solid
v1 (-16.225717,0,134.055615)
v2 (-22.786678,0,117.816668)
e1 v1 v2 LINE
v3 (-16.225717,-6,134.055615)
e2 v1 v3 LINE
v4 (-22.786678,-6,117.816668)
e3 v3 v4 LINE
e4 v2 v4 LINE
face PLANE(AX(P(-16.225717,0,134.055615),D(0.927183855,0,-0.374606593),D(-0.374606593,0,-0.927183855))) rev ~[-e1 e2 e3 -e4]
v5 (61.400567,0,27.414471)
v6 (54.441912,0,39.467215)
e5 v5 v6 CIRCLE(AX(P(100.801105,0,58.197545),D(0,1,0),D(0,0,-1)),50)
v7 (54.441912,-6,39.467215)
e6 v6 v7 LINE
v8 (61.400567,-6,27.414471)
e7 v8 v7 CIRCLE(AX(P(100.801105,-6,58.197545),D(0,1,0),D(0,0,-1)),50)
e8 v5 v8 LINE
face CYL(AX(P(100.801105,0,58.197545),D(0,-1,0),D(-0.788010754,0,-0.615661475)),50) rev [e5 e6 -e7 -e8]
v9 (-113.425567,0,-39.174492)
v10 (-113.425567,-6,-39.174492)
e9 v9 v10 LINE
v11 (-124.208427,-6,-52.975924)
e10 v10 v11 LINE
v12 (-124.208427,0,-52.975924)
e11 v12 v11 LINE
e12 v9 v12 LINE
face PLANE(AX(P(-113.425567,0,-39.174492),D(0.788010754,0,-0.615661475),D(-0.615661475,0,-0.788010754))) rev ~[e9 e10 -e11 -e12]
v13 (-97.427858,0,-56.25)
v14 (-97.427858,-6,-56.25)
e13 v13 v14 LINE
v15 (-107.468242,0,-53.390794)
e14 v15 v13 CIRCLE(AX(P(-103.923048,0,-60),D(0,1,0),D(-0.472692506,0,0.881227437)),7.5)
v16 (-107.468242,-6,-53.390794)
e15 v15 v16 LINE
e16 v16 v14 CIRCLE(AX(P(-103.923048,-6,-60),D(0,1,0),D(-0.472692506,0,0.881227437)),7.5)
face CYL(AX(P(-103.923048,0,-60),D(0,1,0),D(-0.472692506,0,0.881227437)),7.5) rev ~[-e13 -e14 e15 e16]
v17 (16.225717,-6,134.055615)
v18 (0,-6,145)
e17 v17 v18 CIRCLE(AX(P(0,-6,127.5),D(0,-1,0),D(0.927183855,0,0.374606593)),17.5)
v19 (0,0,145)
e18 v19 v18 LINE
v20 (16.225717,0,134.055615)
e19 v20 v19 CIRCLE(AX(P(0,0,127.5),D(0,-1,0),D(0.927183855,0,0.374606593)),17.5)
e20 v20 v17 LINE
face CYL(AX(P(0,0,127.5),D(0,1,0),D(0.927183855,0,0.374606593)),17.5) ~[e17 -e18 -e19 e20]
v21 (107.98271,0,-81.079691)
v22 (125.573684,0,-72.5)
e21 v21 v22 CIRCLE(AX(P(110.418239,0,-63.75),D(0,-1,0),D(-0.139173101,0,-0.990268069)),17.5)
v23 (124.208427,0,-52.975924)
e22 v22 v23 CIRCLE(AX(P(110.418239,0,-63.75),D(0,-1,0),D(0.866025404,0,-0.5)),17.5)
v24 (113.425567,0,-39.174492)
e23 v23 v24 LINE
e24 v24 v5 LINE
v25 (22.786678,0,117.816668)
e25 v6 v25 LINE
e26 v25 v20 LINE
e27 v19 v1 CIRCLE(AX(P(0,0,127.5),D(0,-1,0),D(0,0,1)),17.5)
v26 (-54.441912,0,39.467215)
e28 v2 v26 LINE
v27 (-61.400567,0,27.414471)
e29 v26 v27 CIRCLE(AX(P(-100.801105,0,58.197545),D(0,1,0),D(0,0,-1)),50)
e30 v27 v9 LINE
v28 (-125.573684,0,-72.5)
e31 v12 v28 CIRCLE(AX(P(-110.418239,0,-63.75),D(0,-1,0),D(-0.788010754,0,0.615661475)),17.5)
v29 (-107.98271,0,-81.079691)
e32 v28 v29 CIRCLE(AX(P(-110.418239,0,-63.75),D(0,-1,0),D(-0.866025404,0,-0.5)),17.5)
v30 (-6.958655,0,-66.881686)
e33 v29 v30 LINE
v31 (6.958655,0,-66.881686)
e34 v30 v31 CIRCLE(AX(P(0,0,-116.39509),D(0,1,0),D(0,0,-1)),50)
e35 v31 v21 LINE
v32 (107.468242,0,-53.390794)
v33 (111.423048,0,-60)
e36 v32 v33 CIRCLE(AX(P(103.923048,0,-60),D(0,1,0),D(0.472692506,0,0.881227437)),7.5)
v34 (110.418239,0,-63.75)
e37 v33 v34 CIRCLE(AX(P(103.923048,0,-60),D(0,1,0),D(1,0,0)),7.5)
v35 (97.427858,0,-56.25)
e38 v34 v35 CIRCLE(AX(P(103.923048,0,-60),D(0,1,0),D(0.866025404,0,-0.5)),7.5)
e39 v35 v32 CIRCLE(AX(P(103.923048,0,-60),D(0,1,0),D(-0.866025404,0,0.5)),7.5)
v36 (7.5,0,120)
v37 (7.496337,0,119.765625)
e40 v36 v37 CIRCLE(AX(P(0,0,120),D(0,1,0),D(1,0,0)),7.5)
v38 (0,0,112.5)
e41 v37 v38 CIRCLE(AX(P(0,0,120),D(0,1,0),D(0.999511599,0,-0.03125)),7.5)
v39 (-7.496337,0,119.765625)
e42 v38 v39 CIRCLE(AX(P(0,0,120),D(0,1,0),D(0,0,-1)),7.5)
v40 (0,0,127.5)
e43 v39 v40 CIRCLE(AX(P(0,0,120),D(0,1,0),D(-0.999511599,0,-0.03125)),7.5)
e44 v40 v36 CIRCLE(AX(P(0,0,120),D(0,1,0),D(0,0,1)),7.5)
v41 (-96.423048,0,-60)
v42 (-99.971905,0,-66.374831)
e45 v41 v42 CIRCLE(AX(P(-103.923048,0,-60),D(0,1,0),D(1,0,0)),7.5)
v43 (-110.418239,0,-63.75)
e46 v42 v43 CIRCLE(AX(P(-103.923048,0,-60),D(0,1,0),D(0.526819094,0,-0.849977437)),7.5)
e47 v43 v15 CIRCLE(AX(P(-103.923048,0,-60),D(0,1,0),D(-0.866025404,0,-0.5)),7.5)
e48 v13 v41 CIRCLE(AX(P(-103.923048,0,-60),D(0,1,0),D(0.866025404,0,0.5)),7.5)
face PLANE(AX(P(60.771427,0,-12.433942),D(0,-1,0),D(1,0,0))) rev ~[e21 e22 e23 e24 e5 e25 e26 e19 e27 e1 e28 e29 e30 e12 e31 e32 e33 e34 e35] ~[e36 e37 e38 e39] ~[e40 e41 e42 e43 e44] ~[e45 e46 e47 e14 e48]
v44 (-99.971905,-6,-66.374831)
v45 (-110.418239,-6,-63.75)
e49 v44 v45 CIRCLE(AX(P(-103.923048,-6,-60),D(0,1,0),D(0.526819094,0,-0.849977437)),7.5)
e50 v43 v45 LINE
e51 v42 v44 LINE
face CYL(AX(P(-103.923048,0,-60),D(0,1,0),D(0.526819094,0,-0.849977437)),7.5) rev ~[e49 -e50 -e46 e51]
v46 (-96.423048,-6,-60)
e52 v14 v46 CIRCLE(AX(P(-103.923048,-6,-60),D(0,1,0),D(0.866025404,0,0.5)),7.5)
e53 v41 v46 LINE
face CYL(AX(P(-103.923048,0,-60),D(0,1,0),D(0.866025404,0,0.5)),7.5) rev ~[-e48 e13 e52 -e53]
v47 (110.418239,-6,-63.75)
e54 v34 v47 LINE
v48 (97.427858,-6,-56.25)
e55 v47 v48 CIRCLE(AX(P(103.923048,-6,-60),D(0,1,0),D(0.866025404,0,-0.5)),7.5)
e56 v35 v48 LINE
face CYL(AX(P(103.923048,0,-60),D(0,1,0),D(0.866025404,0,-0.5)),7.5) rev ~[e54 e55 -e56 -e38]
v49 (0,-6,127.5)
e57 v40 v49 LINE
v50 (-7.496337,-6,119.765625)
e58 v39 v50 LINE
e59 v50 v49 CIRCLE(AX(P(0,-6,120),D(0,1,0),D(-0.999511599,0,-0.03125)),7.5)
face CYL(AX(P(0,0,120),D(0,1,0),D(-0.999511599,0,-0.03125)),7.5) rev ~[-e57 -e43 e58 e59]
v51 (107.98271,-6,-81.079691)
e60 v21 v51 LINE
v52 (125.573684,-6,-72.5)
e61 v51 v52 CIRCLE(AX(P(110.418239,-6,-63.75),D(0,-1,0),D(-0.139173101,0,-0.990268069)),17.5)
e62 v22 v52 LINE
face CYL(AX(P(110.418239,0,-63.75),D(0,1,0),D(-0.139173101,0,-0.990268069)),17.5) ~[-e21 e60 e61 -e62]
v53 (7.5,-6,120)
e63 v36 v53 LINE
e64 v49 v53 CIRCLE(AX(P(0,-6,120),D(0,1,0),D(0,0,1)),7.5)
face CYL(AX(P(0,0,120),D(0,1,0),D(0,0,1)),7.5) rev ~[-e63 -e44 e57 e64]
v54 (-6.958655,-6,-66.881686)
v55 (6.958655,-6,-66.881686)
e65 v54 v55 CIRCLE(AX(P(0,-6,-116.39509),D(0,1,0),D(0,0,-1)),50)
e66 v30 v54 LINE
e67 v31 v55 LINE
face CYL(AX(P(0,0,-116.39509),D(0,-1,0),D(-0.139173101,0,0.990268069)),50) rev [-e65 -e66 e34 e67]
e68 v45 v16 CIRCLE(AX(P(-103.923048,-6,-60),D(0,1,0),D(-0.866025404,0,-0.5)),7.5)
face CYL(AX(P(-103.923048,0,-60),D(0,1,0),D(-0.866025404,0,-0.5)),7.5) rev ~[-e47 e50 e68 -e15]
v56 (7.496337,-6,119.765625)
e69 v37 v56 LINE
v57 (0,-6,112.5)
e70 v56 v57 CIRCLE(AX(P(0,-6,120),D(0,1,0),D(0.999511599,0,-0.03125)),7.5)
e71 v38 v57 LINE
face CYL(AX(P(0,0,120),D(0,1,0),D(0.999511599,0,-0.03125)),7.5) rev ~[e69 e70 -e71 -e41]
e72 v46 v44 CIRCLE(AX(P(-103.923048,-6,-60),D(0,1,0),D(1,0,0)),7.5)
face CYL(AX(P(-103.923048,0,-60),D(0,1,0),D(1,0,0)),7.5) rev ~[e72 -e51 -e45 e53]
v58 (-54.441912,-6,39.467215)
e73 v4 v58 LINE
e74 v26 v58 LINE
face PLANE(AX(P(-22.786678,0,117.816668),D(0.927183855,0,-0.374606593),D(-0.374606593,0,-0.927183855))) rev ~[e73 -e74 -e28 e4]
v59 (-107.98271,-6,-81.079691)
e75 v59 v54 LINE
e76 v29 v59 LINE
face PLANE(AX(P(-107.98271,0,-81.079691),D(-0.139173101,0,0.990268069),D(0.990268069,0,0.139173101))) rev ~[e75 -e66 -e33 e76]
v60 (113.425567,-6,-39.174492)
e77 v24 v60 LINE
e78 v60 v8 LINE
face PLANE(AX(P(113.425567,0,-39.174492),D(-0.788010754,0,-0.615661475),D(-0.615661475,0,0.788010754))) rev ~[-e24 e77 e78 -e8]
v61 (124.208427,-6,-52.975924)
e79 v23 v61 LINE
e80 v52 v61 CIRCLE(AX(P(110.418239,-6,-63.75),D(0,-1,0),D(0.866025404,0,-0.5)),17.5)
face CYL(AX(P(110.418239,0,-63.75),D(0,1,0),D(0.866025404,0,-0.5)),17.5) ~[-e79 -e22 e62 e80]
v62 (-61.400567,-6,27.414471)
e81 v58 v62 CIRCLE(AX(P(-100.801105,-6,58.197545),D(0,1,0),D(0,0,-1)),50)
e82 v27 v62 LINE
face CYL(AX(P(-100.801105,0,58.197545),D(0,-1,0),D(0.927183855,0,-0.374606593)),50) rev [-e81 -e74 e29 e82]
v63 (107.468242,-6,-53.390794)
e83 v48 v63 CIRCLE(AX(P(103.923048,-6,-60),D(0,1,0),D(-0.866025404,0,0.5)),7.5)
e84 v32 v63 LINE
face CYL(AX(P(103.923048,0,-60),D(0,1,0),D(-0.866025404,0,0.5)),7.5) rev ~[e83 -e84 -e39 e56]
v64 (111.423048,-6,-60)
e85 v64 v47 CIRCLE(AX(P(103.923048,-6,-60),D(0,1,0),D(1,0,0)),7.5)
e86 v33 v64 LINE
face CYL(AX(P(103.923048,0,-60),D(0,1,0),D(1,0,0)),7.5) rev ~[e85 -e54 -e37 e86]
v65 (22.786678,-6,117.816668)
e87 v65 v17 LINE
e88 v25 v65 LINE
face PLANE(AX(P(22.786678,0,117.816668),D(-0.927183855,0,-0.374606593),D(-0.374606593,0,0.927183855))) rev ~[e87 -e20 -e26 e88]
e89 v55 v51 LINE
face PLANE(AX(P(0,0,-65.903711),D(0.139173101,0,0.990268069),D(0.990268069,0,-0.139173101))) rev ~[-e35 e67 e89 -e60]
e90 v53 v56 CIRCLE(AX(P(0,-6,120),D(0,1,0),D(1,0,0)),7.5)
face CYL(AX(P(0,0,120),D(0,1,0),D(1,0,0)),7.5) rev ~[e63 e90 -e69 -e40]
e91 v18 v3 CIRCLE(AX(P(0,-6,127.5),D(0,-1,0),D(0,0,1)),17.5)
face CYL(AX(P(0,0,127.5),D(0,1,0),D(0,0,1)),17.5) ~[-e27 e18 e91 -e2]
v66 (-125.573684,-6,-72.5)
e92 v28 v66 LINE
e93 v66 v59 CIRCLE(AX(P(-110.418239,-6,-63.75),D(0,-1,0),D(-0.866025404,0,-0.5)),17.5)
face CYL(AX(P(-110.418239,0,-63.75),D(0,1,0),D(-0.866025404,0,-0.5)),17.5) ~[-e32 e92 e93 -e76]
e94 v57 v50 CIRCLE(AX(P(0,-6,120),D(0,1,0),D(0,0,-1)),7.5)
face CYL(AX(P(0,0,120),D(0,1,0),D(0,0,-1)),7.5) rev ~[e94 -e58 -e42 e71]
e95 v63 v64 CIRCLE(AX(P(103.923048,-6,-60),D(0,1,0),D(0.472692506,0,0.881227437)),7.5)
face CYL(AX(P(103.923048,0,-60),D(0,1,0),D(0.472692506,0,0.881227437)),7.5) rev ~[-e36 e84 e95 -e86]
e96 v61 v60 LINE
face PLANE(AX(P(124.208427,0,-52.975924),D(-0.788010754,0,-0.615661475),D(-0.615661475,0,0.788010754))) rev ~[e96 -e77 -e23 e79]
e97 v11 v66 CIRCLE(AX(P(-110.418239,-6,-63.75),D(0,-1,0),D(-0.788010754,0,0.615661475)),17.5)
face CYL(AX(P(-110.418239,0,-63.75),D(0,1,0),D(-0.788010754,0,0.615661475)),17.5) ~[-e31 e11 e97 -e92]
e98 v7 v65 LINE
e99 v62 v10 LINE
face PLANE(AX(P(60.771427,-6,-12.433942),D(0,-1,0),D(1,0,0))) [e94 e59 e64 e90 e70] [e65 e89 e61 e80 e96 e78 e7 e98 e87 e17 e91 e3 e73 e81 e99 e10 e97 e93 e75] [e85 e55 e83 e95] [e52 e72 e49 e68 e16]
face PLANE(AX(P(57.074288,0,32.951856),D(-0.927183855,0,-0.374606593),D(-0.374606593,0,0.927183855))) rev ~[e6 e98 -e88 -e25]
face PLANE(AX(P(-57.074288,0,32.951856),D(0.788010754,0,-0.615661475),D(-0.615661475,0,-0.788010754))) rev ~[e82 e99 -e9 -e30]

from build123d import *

# Parameters (mm, degrees)
F1_DEPTH = 6
F2_R     = 50
F3_R     = 50
F4_R     = 50


with BuildPart() as f1:
    # F0 (on Front) → F1 (new body)
    with BuildSketch(Plane.XZ):
        with BuildLine():
            ThreePointArc((107.4682422482, -53.390794226), (110.6754015758, -46.378394604), (113.4255666495, -39.1744920866))
            Line((113.4255666495, -39.1744920866), (57.0742879696, 32.9518555231))
            Line((57.0742879696, 32.9518555231), (0, 0))
            Line((0, 0), (97.4278579257, -56.25))
            ThreePointArc((97.4278579257, -56.25), (101.8689343878, -52.7867749652), (107.4682422482, -53.390794226))
        make_face()
        with BuildLine():
            Line((110.4182389825, -63.75), (125.5736835487, -72.5))
            ThreePointArc((125.5736835487, -72.5), (127.8756098621, -62.5292617095), (124.2084271706, -52.9759241818))
            Line((124.2084271706, -52.9759241818), (113.4255666495, -39.1744920866))
            ThreePointArc((113.4255666495, -39.1744920866), (110.6754015758, -46.378394604), (107.4682422482, -53.390794226))
            ThreePointArc((107.4682422482, -53.390794226), (110.3588449649, -56.1489581575), (111.4230484541, -60))
            ThreePointArc((111.4230484541, -60), (111.1674921513, -61.9411428383), (110.4182389825, -63.75))
        make_face()
        with BuildLine():
            ThreePointArc((90.6388886521, -78.6421761138), (95.5025687017, -72.6585120367), (99.9719052521, -66.374830774))
            ThreePointArc((99.9719052521, -66.374830774), (96.6491552976, -61.8276975537), (97.4278579257, -56.25))
            Line((97.4278579257, -56.25), (0, 0))
            Line((0, 0), (0, -65.9037110461))
            Line((0, -65.9037110461), (90.6388886521, -78.6421761138))
        make_face()
        with BuildLine():
            Line((-90.6388886521, -78.6421761138), (0, -65.9037110461))
            Line((0, -65.9037110461), (0, 0))
            Line((0, 0), (-97.4278579257, -56.25))
            ThreePointArc((-97.4278579257, -56.25), (-96.678604757, -58.0588571617), (-96.4230484541, -60))
            ThreePointArc((-96.4230484541, -60), (-97.3700501322, -63.6480423507), (-99.9719052521, -66.374830774))
            ThreePointArc((-99.9719052521, -66.374830774), (-95.5025687017, -72.6585120367), (-90.6388886521, -78.6421761138))
        make_face()
        with BuildLine():
            Line((0, 0), (-57.0742879696, 32.9518555231))
            Line((-57.0742879696, 32.9518555231), (-113.4255666495, -39.1744920866))
            ThreePointArc((-113.4255666495, -39.1744920866), (-110.6754015758, -46.378394604), (-107.4682422482, -53.390794226))
            ThreePointArc((-107.4682422482, -53.390794226), (-101.8689343878, -52.7867749652), (-97.4278579257, -56.25))
            Line((-97.4278579257, -56.25), (0, 0))
        make_face()
        with BuildLine():
            ThreePointArc((-124.2084271706, -52.9759241818), (-127.8756098621, -62.5292617095), (-125.5736835487, -72.5))
            Line((-125.5736835487, -72.5), (-110.4182389825, -63.75))
            ThreePointArc((-110.4182389825, -63.75), (-111.1362734889, -57.9458859336), (-107.4682422482, -53.390794226))
            ThreePointArc((-107.4682422482, -53.390794226), (-110.6754015758, -46.378394604), (-113.4255666495, -39.1744920866))
            Line((-113.4255666495, -39.1744920866), (-124.2084271706, -52.9759241818))
        make_face()
        with BuildLine():
            Line((-110.4182389825, -63.75), (-125.5736835487, -72.5))
            ThreePointArc((-125.5736835487, -72.5), (-118.0897340513, -79.4788958102), (-107.9827097157, -81.079691203))
            Line((-107.9827097157, -81.079691203), (-90.6388886521, -78.6421761138))
            ThreePointArc((-90.6388886521, -78.6421761138), (-95.5025687017, -72.6585120367), (-99.9719052521, -66.374830774))
            ThreePointArc((-99.9719052521, -66.374830774), (-105.7507460078, -67.2738931565), (-110.4182389825, -63.75))
        make_face()
        with BuildLine():
            ThreePointArc((0, 112.5), (-5.2197790902, 114.6144725189), (-7.4963369961, 119.765625))
            ThreePointArc((-7.4963369961, 119.765625), (-15.1728328741, 119.0369066406), (-22.7866779974, 117.8166682004))
            Line((-22.7866779974, 117.8166682004), (-57.0742879696, 32.9518555231))
            Line((-57.0742879696, 32.9518555231), (0, 0))
            Line((0, 0), (0, 112.5))
        make_face()
        with BuildLine():
            Line((0, 127.5), (0, 145))
            ThreePointArc((0, 145), (-9.7858758107, 142.0081575197), (-16.2257174549, 134.0556153848))
            Line((-16.2257174549, 134.0556153848), (-22.7866779974, 117.8166682004))
            ThreePointArc((-22.7866779974, 117.8166682004), (-15.1728328741, 119.0369066406), (-7.4963369961, 119.765625))
            ThreePointArc((-7.4963369961, 119.765625), (-5.3855274811, 125.2197790902), (0, 127.5))
        make_face()
        with BuildLine():
            ThreePointArc((16.2257174549, 134.0556153848), (9.7858758107, 142.0081575197), (0, 145))
            Line((0, 145), (0, 127.5))
            ThreePointArc((0, 127.5), (5.3033008589, 125.3033008589), (7.5, 120))
            ThreePointArc((7.5, 120), (7.4990841931, 119.8827981888), (7.4963369961, 119.765625))
            ThreePointArc((7.4963369961, 119.765625), (15.1728328741, 119.0369066406), (22.7866779974, 117.8166682004))
            Line((22.7866779974, 117.8166682004), (16.2257174549, 134.0556153848))
        make_face()
        with BuildLine():
            ThreePointArc((107.9827097157, -81.079691203), (118.0897340513, -79.4788958102), (125.5736835487, -72.5))
            Line((125.5736835487, -72.5), (110.4182389825, -63.75))
            ThreePointArc((110.4182389825, -63.75), (105.7507460078, -67.2738931565), (99.9719052521, -66.374830774))
            ThreePointArc((99.9719052521, -66.374830774), (95.5025687017, -72.6585120367), (90.6388886521, -78.6421761138))
            Line((90.6388886521, -78.6421761138), (107.9827097157, -81.079691203))
        make_face()
        with BuildLine():
            Line((57.0742879696, 32.9518555231), (22.7866779974, 117.8166682004))
            ThreePointArc((22.7866779974, 117.8166682004), (15.1728328741, 119.0369066406), (7.4963369961, 119.765625))
            ThreePointArc((7.4963369961, 119.765625), (5.2197790902, 114.6144725189), (0, 112.5))
            Line((0, 112.5), (0, 0))
            Line((0, 0), (57.0742879696, 32.9518555231))
        make_face()
    extrude(amount=F1_DEPTH)

    # F2
    f2_edges = [f1.edges().sort_by_distance(p)[0] for p in [
        (-57.074288, -3, 32.951856),
    ]]
    fillet(f2_edges, radius=F2_R)

    # F3
    f3_edges = [f1.edges().sort_by_distance(p)[0] for p in [
        (0, -3, -65.903711),
    ]]
    fillet(f3_edges, radius=F3_R)

    # F4
    f4_edges = [f1.edges().sort_by_distance(p)[0] for p in [
        (57.074288, -3, 32.951856),
    ]]
    fillet(f4_edges, radius=F4_R)


solid = f1.part
